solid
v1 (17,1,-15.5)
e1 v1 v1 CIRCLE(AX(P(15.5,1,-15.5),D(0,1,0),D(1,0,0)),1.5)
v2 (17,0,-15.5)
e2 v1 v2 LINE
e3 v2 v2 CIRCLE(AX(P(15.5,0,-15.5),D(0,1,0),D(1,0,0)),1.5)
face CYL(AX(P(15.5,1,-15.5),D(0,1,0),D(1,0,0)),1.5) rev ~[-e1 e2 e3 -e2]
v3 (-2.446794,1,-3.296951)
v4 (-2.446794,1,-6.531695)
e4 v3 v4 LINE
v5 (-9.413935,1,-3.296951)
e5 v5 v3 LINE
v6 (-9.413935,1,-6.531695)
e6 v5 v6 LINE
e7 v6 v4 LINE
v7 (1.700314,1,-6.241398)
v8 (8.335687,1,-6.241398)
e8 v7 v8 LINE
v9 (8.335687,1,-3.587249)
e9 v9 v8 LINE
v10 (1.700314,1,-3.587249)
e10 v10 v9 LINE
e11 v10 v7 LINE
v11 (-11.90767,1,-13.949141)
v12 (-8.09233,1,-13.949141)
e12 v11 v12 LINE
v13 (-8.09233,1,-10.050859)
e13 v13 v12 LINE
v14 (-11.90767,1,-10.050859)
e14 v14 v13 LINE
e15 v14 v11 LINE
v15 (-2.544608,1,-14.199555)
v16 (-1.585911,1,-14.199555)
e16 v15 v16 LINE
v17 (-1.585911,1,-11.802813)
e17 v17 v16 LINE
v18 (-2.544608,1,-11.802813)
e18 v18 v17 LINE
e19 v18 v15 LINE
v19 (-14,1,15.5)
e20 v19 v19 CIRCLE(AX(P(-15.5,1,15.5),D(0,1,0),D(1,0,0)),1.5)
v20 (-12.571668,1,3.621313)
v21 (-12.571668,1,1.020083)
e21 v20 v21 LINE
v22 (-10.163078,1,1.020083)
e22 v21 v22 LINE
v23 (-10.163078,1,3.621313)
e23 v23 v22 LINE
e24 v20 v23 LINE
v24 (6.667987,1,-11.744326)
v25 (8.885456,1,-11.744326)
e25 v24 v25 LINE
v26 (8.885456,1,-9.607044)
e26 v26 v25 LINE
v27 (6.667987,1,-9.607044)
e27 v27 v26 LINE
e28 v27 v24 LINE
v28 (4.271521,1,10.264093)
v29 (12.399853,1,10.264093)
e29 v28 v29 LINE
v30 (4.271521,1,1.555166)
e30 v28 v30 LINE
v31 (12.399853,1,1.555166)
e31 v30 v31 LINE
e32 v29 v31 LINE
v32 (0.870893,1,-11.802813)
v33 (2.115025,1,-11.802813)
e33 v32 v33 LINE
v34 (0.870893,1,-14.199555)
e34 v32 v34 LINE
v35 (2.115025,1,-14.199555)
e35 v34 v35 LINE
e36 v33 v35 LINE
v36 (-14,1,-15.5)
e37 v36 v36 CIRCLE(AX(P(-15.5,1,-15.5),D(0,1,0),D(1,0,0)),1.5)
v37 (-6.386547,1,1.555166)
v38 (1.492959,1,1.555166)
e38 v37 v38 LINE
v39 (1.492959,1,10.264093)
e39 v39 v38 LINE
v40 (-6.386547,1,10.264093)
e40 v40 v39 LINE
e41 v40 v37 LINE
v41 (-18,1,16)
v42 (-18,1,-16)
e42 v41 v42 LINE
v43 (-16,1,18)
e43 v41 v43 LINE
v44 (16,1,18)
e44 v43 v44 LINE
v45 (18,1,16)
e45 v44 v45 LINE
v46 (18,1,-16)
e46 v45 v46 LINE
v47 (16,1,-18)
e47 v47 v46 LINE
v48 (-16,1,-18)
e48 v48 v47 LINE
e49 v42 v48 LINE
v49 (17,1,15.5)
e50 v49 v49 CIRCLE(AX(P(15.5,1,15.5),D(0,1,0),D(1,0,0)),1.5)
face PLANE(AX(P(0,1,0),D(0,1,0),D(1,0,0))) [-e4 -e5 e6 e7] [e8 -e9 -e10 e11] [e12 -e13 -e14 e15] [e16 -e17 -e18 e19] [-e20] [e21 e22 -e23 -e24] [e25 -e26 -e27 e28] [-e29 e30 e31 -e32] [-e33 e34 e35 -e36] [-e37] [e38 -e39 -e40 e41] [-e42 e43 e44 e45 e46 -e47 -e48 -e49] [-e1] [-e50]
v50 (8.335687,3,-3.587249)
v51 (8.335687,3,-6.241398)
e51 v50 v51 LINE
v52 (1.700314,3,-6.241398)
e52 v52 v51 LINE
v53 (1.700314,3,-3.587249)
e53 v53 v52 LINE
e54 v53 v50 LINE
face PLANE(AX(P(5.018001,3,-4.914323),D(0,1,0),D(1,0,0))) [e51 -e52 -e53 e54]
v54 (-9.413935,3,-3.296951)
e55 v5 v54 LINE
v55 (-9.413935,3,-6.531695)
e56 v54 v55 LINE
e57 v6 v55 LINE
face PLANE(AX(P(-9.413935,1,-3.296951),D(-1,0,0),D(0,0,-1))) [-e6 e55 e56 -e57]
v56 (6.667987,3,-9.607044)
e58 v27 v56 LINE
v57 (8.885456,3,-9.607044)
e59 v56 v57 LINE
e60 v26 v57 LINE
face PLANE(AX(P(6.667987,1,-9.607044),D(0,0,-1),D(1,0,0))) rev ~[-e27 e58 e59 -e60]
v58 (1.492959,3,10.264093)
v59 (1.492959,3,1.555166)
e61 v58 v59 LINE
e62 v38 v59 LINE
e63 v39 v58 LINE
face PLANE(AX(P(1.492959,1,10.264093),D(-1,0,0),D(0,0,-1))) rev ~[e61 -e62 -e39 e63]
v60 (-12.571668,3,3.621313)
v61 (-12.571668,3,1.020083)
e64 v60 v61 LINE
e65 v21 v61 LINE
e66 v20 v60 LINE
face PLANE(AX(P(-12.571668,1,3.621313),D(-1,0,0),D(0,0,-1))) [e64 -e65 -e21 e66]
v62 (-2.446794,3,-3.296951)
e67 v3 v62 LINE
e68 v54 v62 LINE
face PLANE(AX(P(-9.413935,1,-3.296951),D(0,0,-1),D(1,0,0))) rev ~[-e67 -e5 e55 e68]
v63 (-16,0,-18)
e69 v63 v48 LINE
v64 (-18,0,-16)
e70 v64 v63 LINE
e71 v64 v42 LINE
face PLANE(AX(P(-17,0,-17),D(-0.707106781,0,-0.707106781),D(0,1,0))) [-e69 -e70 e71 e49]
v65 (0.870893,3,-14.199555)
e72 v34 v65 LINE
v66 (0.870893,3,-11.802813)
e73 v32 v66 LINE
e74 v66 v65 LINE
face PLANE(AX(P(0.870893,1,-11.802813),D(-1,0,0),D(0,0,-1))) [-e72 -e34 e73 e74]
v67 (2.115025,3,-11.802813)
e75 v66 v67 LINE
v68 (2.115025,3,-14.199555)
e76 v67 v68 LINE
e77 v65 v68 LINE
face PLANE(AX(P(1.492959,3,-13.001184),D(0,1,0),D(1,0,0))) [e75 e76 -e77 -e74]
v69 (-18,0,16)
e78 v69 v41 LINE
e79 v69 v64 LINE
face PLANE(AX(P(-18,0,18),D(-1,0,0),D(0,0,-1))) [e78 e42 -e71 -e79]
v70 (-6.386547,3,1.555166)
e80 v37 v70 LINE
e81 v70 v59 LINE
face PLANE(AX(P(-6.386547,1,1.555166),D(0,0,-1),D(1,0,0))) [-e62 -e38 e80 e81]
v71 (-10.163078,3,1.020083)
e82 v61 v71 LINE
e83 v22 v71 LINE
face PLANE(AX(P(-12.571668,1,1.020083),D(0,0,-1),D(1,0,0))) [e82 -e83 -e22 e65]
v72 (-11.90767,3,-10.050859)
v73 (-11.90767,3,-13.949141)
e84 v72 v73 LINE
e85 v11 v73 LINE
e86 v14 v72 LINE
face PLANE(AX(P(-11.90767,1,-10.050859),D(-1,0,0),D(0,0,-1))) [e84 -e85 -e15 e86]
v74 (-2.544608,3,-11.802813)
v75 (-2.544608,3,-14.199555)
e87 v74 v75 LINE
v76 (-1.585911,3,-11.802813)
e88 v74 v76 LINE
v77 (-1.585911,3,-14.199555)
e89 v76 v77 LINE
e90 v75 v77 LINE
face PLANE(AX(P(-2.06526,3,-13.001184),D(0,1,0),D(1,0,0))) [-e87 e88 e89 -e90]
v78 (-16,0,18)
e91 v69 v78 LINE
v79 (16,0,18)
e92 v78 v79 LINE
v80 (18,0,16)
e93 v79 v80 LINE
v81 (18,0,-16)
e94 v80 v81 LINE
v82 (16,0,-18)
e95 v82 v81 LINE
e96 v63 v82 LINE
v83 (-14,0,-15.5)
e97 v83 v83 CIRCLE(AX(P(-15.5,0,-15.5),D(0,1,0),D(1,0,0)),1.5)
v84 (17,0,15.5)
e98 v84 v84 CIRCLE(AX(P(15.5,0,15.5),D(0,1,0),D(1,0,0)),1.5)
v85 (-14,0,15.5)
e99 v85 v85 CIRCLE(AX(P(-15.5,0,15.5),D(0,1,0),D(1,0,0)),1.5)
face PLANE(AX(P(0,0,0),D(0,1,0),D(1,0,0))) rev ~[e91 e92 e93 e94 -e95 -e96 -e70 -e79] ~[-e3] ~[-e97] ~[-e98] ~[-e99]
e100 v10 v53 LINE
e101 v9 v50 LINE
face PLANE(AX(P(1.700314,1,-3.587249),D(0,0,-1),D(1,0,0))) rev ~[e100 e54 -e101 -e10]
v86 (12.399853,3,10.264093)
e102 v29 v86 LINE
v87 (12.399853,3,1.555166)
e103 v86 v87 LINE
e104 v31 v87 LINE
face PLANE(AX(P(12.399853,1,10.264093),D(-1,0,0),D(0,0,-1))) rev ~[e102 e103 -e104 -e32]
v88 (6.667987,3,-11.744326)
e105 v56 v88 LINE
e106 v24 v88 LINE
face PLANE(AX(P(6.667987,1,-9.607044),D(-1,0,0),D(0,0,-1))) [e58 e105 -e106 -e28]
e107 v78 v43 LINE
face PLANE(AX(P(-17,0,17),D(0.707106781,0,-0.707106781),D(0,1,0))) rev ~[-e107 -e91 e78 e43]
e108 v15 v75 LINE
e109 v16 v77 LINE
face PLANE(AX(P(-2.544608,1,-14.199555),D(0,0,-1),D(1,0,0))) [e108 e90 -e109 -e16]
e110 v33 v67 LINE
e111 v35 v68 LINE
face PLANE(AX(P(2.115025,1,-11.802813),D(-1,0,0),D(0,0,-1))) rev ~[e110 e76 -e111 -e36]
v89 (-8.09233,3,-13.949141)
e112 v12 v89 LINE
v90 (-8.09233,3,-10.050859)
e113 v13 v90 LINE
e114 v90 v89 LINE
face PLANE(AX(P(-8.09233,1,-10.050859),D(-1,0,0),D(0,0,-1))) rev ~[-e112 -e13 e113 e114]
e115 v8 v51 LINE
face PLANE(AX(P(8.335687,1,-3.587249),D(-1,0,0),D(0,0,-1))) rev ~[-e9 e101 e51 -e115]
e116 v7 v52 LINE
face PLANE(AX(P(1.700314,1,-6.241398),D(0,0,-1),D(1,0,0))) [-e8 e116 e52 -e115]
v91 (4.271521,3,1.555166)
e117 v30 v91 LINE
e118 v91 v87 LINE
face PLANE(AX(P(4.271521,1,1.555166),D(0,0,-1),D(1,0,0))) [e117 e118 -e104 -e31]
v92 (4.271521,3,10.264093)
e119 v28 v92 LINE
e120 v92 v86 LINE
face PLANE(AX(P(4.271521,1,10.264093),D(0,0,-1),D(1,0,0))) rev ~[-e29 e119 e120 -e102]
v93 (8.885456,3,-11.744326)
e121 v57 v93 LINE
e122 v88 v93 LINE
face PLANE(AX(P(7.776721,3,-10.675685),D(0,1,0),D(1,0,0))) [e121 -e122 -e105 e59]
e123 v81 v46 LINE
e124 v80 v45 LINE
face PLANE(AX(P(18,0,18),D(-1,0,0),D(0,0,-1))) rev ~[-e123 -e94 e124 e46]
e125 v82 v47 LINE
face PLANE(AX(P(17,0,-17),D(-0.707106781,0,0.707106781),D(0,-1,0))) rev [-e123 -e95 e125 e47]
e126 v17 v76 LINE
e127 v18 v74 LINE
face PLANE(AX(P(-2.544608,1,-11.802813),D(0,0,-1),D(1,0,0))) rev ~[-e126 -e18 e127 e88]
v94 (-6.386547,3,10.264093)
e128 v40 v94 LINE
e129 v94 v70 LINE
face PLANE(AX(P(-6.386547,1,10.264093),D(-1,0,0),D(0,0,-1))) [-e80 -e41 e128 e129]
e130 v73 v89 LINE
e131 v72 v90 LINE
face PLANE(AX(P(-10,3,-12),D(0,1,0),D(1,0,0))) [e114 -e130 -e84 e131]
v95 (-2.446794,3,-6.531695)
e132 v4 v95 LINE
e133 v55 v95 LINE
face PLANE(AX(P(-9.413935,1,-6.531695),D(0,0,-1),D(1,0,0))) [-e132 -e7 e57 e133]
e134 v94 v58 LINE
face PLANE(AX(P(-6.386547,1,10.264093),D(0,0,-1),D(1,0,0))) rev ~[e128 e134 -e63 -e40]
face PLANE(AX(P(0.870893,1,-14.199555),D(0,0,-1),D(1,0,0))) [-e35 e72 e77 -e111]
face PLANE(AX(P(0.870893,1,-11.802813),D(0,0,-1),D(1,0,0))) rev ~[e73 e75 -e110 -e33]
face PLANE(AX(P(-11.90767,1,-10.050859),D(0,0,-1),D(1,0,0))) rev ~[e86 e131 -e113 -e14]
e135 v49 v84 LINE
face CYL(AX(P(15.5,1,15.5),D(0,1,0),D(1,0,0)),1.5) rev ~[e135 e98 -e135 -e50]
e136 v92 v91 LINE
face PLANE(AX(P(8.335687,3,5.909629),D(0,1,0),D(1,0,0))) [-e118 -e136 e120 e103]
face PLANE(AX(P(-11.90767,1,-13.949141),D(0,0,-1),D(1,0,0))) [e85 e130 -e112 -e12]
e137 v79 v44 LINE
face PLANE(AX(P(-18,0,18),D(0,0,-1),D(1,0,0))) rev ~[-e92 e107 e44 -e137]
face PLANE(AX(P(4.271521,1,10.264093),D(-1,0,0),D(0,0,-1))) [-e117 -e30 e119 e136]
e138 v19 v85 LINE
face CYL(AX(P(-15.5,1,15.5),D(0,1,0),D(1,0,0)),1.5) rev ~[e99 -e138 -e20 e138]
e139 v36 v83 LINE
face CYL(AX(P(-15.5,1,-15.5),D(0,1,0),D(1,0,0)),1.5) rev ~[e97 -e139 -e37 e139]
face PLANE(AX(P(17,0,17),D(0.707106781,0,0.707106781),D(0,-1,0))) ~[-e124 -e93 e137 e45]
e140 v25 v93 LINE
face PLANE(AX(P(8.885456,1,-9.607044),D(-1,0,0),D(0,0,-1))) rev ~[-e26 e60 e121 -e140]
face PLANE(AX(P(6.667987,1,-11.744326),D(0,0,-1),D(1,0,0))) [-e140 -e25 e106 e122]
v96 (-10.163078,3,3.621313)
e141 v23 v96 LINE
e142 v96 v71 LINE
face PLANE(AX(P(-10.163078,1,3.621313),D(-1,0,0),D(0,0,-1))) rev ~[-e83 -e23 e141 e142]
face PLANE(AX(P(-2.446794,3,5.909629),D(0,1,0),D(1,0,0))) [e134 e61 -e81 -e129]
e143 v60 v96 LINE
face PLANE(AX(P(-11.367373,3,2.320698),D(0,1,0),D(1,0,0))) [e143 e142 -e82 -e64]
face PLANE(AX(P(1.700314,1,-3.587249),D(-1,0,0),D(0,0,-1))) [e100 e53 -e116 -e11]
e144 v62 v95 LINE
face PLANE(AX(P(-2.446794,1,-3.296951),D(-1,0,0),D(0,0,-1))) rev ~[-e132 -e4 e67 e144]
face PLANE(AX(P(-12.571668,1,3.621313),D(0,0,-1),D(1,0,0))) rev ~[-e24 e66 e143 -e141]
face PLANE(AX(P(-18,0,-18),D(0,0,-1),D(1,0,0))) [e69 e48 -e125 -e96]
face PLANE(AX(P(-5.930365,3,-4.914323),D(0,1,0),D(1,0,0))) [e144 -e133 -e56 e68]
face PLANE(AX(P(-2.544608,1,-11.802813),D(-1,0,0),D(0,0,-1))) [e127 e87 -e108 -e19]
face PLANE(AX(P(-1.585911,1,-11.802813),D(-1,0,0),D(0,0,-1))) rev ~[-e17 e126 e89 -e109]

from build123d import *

# Parameters (mm, degrees)
SKETCH1_W            = 36
SKETCH1_H            = 36
BOSS_EXTRUDE1_DEPTH  = 1
SKETCH2_W            = 3.81533948
SKETCH2_H            = 3.898281644
SKETCH2_W_2          = 7.879505449
SKETCH2_H_2          = 8.708927076
SKETCH2_W_3          = 8.128331937
SKETCH2_W_4          = 6.63537301
SKETCH2_H_3          = 2.654149204
SKETCH2_W_5          = 6.967141661
SKETCH2_H_4          = 3.234744343
SKETCH2_W_6          = 0.958696997
SKETCH2_H_5          = 2.396742492
SKETCH2_W_7          = 1.244132439
BOSS_EXTRUDE2_DEPTH  = 2
CHAMFER1_SIZE        = 2
SKETCH3_W            = 2.408590064
SKETCH3_H            = 2.601230853
SKETCH3_W_2          = 2.217469356
SKETCH3_H_2          = 2.137281434
BOSS_EXTRUDE3_DEPTH  = 2
SKETCH4_R            = 1.5
CUT_EXTRUDE1_DEPTH   = 2
LPATTERN1_COUNT      = 2
LPATTERN1_PITCH      = 31
LPATTERN1_COUNT_DIR2 = 2
LPATTERN1_PITCH_DIR2 = 31


with BuildPart() as part:
    # Sketch1 → Boss-Extrude1 (new body)
    with BuildSketch(Plane(origin=(0, 0, 0), x_dir=(1, 0, 0), z_dir=(0, 1, 0))):
        Rectangle(SKETCH1_W, SKETCH1_H)
    extrude(amount=BOSS_EXTRUDE1_DEPTH)

    # Sketch2 → Boss-Extrude2 (add)
    with BuildSketch(Plane(origin=(0, 1, 0), x_dir=(1, 0, 0), z_dir=(0, 1, 0))):
        with Locations((-10, 12)):
            Rectangle(SKETCH2_W, SKETCH2_H)
        with Locations((-2.446793798, -5.909629087)):
            Rectangle(SKETCH2_W_2, SKETCH2_H_2)
        with Locations((8.335687344, -5.909629087)):
            Rectangle(SKETCH2_W_3, SKETCH2_H_2)
        with Locations((5.018000839, 4.914323135)):
            Rectangle(SKETCH2_W_4, SKETCH2_H_3)
        with Locations((-5.930364628, 4.914323136)):
            Rectangle(SKETCH2_W_5, SKETCH2_H_4)
        with Locations((-2.06525985, 13.001183991)):
            Rectangle(SKETCH2_W_6, SKETCH2_H_5)
        with Locations((1.492958928, 13.001183991)):
            Rectangle(SKETCH2_W_7, SKETCH2_H_5)
    extrude(amount=BOSS_EXTRUDE2_DEPTH)

    # Chamfer1
    chamfer1_edges = [part.edges().sort_by_distance(p)[0] for p in [
        (18, 0.5, 18),
        (-18, 0.5, 18),
        (-18, 0.5, -18),
        (18, 0.5, -18),
    ]]
    chamfer(chamfer1_edges, length=CHAMFER1_SIZE)

    # Sketch3 → Boss-Extrude3 (add)
    with BuildSketch(Plane(origin=(0, 1, 0), x_dir=(1, 0, 0), z_dir=(0, 1, 0))):
        with Locations((-11.367372892, -2.320698042)):
            Rectangle(SKETCH3_W, SKETCH3_H)
        with Locations((7.776721419, 10.675684916)):
            Rectangle(SKETCH3_W_2, SKETCH3_H_2)
    extrude(amount=BOSS_EXTRUDE3_DEPTH)

    # Sketch4 → Cut-Extrude1 (cut, through all)
    with BuildSketch(Plane(origin=(0, 1, 0), x_dir=(1, 0, 0), z_dir=(0, 1, 0))):
        with Locations((-15.5, 15.5)):
            Circle(SKETCH4_R)
    cut_extrude1 = extrude(amount=-CUT_EXTRUDE1_DEPTH, mode=Mode.SUBTRACT)

    # LPattern1: Cut-Extrude1 2 × 2
    with Locations(*[(i * LPATTERN1_PITCH, 0, j * LPATTERN1_PITCH_DIR2) for i in range(LPATTERN1_COUNT) for j in range(LPATTERN1_COUNT_DIR2) if (i, j) != (0, 0)]):
        add(cut_extrude1, mode=Mode.SUBTRACT)


solid = part.part
